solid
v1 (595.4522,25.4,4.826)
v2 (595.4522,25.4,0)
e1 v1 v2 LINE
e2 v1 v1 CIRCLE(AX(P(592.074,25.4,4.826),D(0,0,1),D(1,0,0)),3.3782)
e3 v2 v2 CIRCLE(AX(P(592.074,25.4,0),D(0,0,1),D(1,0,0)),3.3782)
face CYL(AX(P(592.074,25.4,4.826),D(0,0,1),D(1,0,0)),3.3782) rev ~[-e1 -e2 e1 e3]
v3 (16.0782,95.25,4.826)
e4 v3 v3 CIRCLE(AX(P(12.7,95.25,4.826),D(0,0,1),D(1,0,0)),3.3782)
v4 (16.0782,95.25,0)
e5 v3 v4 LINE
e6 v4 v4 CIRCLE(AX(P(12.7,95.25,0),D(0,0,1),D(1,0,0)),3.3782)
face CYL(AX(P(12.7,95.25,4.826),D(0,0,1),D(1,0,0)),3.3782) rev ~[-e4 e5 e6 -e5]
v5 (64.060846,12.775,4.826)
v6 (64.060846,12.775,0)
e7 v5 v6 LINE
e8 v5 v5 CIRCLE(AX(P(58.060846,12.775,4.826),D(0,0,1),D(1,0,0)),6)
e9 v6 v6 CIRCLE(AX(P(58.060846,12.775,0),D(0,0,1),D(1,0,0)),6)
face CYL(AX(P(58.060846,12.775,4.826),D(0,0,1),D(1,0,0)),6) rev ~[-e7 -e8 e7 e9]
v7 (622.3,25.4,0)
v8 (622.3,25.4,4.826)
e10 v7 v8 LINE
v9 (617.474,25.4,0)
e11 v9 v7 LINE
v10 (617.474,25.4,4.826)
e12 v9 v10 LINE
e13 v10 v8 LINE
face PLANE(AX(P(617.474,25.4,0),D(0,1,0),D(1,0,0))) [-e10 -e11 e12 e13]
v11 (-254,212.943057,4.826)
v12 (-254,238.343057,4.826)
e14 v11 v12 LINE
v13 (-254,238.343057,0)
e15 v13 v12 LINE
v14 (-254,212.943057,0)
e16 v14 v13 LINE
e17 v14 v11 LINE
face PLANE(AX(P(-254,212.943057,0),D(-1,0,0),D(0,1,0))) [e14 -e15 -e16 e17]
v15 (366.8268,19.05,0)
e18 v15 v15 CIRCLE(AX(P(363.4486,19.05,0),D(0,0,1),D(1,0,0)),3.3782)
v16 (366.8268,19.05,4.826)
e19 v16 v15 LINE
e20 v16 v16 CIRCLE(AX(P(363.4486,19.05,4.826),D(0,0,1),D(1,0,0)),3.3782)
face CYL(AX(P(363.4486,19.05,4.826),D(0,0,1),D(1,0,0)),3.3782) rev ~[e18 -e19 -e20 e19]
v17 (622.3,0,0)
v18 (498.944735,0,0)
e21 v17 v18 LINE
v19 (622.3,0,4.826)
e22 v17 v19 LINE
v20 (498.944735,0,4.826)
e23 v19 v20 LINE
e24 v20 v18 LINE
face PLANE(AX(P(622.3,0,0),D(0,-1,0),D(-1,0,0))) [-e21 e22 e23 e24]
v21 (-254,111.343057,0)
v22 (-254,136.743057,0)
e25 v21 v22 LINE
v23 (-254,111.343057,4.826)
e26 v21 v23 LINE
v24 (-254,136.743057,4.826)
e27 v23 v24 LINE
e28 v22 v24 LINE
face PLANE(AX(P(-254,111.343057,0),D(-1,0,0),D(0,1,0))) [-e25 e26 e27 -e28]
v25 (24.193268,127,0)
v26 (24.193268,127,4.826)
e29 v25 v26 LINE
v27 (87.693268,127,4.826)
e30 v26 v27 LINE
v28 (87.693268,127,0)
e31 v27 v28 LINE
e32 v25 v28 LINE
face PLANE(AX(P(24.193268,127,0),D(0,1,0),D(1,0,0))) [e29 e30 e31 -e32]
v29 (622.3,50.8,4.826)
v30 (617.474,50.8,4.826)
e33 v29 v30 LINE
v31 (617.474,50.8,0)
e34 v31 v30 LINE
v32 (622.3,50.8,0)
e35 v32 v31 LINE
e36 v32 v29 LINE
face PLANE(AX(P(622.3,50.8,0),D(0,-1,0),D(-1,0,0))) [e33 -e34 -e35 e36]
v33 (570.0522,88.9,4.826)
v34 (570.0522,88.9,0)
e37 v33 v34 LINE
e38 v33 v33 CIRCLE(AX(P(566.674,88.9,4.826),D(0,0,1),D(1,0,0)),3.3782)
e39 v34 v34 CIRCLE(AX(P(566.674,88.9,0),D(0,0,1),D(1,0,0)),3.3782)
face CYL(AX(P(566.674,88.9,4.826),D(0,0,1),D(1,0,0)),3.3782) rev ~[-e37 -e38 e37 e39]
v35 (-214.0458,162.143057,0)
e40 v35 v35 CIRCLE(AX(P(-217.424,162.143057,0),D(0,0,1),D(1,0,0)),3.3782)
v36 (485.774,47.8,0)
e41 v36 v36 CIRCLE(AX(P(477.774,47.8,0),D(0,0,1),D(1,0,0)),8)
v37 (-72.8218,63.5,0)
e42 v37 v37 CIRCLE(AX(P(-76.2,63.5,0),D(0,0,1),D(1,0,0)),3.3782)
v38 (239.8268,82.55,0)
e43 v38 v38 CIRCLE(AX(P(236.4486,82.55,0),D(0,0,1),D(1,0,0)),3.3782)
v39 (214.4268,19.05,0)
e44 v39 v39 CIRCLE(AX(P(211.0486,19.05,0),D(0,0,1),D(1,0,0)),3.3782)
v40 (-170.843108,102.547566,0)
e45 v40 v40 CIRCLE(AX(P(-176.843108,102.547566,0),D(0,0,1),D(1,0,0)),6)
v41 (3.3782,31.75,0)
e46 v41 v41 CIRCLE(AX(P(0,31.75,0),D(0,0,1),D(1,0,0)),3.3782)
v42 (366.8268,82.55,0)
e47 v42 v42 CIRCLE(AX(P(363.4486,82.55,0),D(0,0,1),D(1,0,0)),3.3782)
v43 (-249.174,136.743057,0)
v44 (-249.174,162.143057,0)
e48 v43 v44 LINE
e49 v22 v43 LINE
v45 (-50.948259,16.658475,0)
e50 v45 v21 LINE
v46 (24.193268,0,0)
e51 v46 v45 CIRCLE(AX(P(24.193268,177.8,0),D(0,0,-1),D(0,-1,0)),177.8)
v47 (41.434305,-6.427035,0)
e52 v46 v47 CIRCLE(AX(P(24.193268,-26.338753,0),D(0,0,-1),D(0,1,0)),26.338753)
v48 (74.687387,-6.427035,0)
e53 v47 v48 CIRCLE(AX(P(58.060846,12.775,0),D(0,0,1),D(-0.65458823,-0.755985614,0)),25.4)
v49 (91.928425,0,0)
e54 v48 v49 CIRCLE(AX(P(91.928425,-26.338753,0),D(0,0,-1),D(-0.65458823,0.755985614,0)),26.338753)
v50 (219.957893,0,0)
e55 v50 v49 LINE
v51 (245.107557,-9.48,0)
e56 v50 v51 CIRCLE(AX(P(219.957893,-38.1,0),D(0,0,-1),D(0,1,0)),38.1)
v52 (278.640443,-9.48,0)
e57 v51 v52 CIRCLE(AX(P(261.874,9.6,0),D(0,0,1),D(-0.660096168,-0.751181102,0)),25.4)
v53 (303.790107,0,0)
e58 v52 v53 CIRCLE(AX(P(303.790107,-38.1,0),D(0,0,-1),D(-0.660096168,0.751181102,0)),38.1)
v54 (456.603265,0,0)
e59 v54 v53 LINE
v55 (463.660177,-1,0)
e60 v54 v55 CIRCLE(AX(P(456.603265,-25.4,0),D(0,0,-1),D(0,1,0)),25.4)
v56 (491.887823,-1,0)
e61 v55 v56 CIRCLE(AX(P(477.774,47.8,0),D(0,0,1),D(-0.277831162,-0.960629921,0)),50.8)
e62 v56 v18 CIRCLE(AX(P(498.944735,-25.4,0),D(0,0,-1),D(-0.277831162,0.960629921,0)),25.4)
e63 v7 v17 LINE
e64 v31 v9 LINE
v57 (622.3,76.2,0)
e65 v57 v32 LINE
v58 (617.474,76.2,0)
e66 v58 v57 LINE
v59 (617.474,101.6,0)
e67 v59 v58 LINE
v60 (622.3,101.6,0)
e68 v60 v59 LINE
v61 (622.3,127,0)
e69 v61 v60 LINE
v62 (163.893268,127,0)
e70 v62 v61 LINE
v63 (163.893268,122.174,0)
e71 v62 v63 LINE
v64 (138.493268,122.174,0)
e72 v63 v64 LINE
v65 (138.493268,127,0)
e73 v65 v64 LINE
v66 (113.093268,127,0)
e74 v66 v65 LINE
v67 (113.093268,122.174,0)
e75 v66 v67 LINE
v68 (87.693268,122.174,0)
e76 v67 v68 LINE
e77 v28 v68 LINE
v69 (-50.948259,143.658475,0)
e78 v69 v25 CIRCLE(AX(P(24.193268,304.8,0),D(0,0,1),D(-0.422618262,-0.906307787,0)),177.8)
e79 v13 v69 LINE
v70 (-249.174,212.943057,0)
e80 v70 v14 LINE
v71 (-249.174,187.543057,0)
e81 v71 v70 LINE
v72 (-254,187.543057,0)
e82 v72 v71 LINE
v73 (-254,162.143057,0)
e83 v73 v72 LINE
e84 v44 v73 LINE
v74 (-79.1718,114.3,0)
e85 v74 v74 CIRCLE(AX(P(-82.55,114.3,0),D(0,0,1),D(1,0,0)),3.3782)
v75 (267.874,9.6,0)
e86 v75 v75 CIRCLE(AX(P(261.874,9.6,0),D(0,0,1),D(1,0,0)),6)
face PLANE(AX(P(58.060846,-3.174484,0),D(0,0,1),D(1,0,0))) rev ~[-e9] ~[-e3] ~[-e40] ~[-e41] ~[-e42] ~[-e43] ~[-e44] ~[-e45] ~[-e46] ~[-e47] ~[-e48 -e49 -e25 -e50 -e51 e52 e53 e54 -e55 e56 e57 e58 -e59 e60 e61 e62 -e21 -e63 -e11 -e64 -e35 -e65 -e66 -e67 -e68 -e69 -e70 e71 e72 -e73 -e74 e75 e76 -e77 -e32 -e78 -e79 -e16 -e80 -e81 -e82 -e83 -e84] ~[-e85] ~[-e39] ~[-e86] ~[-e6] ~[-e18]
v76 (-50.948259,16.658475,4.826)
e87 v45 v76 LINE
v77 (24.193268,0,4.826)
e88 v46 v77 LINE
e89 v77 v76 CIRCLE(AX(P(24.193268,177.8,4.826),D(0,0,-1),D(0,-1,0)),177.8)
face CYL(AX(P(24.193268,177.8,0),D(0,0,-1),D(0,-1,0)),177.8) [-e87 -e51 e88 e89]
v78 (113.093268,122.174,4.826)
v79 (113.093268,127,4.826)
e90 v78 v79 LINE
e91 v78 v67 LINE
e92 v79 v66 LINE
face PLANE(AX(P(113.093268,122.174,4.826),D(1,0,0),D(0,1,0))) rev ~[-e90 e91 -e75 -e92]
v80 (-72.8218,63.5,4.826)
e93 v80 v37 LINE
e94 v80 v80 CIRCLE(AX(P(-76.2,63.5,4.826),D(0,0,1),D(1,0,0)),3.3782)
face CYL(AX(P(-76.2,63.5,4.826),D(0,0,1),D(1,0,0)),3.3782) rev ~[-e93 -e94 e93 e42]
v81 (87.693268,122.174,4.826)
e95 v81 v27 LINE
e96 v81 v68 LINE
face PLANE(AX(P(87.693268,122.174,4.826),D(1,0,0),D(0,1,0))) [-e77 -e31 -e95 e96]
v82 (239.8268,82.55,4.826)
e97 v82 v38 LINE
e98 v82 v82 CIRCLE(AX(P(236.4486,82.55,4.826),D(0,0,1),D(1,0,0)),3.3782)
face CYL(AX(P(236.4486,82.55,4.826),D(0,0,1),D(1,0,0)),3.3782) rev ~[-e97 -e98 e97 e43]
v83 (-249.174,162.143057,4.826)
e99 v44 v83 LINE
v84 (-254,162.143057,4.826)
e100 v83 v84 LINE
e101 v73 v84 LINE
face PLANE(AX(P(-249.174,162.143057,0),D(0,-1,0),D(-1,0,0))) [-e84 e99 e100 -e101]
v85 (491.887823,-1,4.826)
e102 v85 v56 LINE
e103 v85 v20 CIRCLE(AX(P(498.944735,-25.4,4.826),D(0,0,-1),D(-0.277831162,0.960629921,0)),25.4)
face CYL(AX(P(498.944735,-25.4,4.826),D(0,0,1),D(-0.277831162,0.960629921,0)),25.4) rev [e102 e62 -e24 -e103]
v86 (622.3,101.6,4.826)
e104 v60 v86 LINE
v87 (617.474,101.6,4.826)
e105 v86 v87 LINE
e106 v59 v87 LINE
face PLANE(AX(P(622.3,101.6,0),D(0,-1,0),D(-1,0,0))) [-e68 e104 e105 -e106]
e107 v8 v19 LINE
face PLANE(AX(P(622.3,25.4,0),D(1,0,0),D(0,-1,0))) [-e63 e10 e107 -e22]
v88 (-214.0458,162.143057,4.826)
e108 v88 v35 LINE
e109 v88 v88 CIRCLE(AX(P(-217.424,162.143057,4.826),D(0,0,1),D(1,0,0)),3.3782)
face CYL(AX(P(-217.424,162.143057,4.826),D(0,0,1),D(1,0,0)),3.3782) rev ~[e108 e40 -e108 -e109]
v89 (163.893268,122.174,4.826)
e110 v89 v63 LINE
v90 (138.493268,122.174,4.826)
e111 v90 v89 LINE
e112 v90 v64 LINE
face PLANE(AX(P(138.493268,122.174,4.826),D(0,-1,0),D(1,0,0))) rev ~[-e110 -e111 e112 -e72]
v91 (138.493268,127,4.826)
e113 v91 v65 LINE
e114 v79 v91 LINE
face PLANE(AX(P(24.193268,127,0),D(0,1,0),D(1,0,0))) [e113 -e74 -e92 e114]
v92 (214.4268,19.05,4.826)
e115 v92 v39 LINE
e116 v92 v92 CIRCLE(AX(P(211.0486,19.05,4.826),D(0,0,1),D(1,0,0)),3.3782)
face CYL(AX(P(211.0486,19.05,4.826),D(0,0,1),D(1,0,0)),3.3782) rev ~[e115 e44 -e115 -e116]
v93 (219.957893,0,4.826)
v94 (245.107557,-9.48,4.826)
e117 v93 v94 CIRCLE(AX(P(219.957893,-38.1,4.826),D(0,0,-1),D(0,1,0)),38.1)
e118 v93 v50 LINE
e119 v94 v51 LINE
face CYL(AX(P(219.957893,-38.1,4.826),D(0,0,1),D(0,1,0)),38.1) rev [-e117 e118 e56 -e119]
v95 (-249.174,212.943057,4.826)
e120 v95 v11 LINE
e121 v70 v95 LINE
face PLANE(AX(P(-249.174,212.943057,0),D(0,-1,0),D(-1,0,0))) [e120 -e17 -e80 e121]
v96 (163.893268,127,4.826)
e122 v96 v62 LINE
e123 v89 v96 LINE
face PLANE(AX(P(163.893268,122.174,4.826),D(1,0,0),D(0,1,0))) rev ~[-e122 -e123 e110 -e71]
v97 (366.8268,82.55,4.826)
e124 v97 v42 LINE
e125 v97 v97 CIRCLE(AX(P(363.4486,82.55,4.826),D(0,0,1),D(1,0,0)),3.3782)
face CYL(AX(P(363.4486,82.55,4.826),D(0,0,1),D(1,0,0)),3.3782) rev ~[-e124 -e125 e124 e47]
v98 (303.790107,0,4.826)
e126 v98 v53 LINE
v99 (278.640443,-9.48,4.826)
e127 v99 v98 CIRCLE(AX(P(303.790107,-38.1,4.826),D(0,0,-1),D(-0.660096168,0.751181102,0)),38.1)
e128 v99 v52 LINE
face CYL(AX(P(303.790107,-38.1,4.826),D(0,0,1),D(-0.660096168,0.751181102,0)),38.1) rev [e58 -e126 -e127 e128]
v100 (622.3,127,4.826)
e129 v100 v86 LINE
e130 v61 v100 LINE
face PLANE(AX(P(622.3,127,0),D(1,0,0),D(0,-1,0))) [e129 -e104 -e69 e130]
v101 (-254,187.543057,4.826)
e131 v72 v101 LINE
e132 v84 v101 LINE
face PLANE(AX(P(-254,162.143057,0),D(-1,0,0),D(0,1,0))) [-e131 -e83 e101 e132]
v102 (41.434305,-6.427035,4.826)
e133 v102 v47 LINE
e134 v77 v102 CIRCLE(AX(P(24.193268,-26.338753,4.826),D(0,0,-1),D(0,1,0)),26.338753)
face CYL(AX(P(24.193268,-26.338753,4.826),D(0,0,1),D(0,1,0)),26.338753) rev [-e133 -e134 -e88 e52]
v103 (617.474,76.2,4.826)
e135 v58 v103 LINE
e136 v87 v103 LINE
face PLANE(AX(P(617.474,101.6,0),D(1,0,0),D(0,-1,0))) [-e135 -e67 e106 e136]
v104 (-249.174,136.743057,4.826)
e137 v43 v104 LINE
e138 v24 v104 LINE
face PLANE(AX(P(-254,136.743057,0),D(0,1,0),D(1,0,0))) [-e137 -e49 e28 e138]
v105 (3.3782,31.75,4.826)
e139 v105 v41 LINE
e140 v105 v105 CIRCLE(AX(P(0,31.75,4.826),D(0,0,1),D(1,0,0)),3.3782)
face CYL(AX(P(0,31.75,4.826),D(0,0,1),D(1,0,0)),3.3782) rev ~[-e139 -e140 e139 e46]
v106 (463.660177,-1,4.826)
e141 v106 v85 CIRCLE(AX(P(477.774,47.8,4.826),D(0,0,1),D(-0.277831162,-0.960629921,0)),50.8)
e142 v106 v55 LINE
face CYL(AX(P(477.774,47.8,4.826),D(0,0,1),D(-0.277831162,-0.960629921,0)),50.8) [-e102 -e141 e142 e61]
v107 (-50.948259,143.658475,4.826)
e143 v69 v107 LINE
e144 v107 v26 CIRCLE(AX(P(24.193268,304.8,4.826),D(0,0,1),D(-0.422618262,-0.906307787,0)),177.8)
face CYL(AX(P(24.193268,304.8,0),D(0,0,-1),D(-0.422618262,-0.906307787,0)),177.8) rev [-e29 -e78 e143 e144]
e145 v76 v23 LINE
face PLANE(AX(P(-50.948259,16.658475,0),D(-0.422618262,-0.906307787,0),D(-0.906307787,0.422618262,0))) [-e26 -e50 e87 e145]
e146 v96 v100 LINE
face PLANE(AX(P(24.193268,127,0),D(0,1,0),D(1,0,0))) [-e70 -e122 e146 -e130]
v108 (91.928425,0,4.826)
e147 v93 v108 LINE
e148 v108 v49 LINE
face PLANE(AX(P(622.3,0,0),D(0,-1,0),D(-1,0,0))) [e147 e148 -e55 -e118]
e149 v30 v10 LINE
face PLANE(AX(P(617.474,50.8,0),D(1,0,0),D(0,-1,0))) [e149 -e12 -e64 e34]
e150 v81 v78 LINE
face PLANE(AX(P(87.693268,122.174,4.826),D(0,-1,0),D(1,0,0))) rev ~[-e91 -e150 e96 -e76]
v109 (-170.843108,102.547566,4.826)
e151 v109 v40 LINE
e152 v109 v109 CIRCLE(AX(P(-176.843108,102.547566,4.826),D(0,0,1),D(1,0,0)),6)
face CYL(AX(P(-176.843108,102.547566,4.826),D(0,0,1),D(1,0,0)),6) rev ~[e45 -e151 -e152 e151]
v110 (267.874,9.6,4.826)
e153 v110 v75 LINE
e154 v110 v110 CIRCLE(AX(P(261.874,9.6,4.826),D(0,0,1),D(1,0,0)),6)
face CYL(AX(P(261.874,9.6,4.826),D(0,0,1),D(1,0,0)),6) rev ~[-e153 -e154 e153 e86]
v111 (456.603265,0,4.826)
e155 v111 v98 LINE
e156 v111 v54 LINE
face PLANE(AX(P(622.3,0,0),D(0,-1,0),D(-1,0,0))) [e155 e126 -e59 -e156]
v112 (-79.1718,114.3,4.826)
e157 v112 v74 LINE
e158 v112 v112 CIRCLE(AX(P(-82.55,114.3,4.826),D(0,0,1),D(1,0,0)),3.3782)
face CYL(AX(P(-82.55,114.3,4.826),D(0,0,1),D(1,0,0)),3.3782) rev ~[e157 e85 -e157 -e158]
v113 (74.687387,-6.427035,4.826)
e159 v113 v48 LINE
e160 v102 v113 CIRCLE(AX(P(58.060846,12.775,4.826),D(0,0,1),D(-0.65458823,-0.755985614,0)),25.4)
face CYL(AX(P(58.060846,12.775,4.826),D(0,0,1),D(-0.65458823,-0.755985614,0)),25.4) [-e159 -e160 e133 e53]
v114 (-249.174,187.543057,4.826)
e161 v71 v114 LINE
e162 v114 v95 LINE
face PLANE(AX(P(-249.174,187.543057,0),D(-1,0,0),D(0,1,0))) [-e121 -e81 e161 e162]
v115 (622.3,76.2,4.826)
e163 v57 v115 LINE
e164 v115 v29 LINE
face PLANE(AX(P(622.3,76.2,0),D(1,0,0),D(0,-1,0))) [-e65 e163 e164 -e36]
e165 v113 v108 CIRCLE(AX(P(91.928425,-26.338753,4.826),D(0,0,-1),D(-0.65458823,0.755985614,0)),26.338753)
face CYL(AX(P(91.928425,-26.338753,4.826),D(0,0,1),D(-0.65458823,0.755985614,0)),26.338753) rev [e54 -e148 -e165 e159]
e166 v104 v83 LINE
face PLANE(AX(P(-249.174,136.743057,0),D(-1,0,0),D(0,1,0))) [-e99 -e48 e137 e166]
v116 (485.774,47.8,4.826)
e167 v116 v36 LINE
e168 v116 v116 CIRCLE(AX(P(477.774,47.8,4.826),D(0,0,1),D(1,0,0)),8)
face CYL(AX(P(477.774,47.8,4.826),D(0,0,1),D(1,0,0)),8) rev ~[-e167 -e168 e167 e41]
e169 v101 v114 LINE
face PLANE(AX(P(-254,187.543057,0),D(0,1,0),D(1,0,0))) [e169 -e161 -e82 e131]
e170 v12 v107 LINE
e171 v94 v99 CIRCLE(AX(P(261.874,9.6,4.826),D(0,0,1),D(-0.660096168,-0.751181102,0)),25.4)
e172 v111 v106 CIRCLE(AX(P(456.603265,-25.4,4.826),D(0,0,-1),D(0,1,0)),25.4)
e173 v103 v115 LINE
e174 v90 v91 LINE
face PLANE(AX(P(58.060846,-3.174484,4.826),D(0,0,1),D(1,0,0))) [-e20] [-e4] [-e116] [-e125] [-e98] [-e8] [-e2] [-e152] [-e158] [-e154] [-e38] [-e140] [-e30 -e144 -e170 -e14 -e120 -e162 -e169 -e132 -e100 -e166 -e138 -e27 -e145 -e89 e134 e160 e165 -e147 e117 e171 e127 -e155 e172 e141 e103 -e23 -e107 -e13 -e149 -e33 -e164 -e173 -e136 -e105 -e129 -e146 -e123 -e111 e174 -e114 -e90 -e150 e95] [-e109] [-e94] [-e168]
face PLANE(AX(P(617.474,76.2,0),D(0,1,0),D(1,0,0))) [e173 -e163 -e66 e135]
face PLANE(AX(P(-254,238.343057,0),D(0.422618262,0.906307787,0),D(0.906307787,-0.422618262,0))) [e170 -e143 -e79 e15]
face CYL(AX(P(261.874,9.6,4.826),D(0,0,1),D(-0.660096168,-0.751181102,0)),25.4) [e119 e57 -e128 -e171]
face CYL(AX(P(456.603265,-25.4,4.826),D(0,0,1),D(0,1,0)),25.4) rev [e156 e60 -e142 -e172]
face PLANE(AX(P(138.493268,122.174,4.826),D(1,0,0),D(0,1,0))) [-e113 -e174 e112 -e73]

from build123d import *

# Parameters (mm, degrees)
BOSS_EXTRUDE1_DEPTH              = 4.826
SKETCH5_R                        = 3.3782
STANDOFF_HOLE_DEPTH              = 5.826
SKETCH8_W                        = 25.4
SKETCH8_H                        = 4.826
TOP_SLOTS_DEPTH                  = 5.826
BACK_AXLE_EXTENSION_DEPTH        = 4.826
LOWER_SMALL_AXLE_EXTENSION_DEPTH = 4.826
FRONT_SMALL_AXLE_EXTENSION_DEPTH = 4.826
SKETCH10_R                       = 8
SKETCH10_R_2                     = 6
NEW_AXLE_HOLES_DEPTH             = 5.826


with BuildPart() as part:
    # outer face → Boss-Extrude1 (new body)
    with BuildSketch(Plane.XY):
        with BuildLine():
            Line((622.3, 0), (24.193267589, 0))
            ThreePointArc((24.193267589, 0), (-14.28969577, 4.214569934), (-50.948259349, 16.658475465))
            Line((-50.948259349, 16.658475465), (-254, 111.343057132))
            Line((-254, 111.343057132), (-254, 136.743057132))
            Line((-254, 136.743057132), (-249.174, 136.743057132))
            Line((-249.174, 136.743057132), (-249.174, 162.143057132))
            Line((-249.174, 162.143057132), (-254, 162.143057132))
            Line((-254, 162.143057132), (-254, 187.543057132))
            Line((-254, 187.543057132), (-249.174, 187.543057132))
            Line((-249.174, 187.543057132), (-249.174, 212.943057132))
            Line((-249.174, 212.943057132), (-254, 212.943057132))
            Line((-254, 212.943057132), (-254, 238.343057132))
            Line((-254, 238.343057132), (-50.948259349, 143.658475465))
            ThreePointArc((-50.948259349, 143.658475465), (-14.28969577, 131.214569934), (24.193267589, 127))
            Line((24.193267589, 127), (622.3, 127))
            Line((622.3, 127), (622.3, 101.6))
            Line((622.3, 101.6), (617.474, 101.6))
            Line((617.474, 101.6), (617.474, 76.2))
            Line((617.474, 76.2), (622.3, 76.2))
            Line((622.3, 76.2), (622.3, 50.8))
            Line((622.3, 50.8), (617.474, 50.8))
            Line((617.474, 50.8), (617.474, 25.4))
            Line((617.474, 25.4), (622.3, 25.4))
            Line((622.3, 25.4), (622.3, 0))
        make_face()
    extrude(amount=BOSS_EXTRUDE1_DEPTH)

    # Sketch5 → standoff hole (cut, through all)
    with BuildSketch(Plane.XY.offset(4.826)):
        with Locations((-76.2, 63.5)):
            Circle(SKETCH5_R)
        with Locations((-82.55, 114.3)):
            Circle(SKETCH5_R)
        with Locations((592.074, 25.4)):
            Circle(SKETCH5_R)
        with Locations((0, 31.75)):
            Circle(SKETCH5_R)
        with Locations((211.0486, 19.05)):
            Circle(SKETCH5_R)
        with Locations((236.4486, 82.55)):
            Circle(SKETCH5_R)
        with Locations((363.4486, 82.55)):
            Circle(SKETCH5_R)
        with Locations((363.4486, 19.05)):
            Circle(SKETCH5_R)
        with Locations((566.674, 88.9)):
            Circle(SKETCH5_R)
        with Locations((12.7, 95.25)):
            Circle(SKETCH5_R)
        with Locations((-217.424, 162.143057132)):
            Circle(SKETCH5_R)
    extrude(amount=-STANDOFF_HOLE_DEPTH, mode=Mode.SUBTRACT)

    # Sketch8 → top slots (cut, through all)
    with BuildSketch(Plane.XY.offset(4.826)):
        with Locations((100.393267589, 124.587)):
            Rectangle(SKETCH8_W, SKETCH8_H)
        with Locations((151.193267589, 124.587)):
            Rectangle(SKETCH8_W, SKETCH8_H)
    extrude(amount=-TOP_SLOTS_DEPTH, mode=Mode.SUBTRACT)

    # Sketch9 → back axle extension (add)
    with BuildSketch(Plane.XY.offset(4.826)):
        with BuildLine():
            Line((498.944734517, 0), (456.603265483, 0))
            ThreePointArc((456.603265483, 0), (460.166971419, -0.251242575), (463.660176989, -1))
            ThreePointArc((463.660176989, -1), (477.774, -3), (491.887823011, -1))
            ThreePointArc((491.887823011, -1), (495.381028581, -0.251242575), (498.944734517, 0))
        make_face()
    extrude(amount=-BACK_AXLE_EXTENSION_DEPTH)

    # Sketch11 → lower small axle extension (add)
    with BuildSketch(Plane.XY.offset(4.826)):
        with BuildLine():
            Line((303.790106689, 0), (219.957893311, 0))
            ThreePointArc((219.957893311, 0), (233.396420016, -2.448688664), (245.107557324, -9.48))
            ThreePointArc((245.107557324, -9.48), (261.874, -15.8), (278.640442676, -9.48))
            ThreePointArc((278.640442676, -9.48), (290.351579984, -2.448688664), (303.790106689, 0))
        make_face()
    extrude(amount=-LOWER_SMALL_AXLE_EXTENSION_DEPTH)

    # Sketch13 → front small axle extension (add)
    with BuildSketch(Plane.XY.offset(4.826)):
        with BuildLine():
            Line((91.928424908, 0), (24.193267589, 0))
            ThreePointArc((24.193267589, 0), (33.393269649, -1.659006827), (41.434305199, -6.427034599))
            ThreePointArc((41.434305199, -6.427034599), (58.060846248, -12.625), (74.687387297, -6.427034599))
            ThreePointArc((74.687387297, -6.427034599), (82.728422848, -1.659006827), (91.928424908, 0))
        make_face()
    extrude(amount=-FRONT_SMALL_AXLE_EXTENSION_DEPTH)

    # Sketch10 → new axle holes (cut, through all)
    with BuildSketch(Plane.XY.offset(4.826)):
        with Locations((477.774, 47.8)):
            Circle(SKETCH10_R)
        with Locations((261.874, 9.6)):
            Circle(SKETCH10_R_2)
        with Locations((58.060846248, 12.775)):
            Circle(SKETCH10_R_2)
        with Locations((-176.843107922, 102.547565902)):
            Circle(SKETCH10_R_2)
    extrude(amount=-NEW_AXLE_HOLES_DEPTH, mode=Mode.SUBTRACT)


solid = part.part
